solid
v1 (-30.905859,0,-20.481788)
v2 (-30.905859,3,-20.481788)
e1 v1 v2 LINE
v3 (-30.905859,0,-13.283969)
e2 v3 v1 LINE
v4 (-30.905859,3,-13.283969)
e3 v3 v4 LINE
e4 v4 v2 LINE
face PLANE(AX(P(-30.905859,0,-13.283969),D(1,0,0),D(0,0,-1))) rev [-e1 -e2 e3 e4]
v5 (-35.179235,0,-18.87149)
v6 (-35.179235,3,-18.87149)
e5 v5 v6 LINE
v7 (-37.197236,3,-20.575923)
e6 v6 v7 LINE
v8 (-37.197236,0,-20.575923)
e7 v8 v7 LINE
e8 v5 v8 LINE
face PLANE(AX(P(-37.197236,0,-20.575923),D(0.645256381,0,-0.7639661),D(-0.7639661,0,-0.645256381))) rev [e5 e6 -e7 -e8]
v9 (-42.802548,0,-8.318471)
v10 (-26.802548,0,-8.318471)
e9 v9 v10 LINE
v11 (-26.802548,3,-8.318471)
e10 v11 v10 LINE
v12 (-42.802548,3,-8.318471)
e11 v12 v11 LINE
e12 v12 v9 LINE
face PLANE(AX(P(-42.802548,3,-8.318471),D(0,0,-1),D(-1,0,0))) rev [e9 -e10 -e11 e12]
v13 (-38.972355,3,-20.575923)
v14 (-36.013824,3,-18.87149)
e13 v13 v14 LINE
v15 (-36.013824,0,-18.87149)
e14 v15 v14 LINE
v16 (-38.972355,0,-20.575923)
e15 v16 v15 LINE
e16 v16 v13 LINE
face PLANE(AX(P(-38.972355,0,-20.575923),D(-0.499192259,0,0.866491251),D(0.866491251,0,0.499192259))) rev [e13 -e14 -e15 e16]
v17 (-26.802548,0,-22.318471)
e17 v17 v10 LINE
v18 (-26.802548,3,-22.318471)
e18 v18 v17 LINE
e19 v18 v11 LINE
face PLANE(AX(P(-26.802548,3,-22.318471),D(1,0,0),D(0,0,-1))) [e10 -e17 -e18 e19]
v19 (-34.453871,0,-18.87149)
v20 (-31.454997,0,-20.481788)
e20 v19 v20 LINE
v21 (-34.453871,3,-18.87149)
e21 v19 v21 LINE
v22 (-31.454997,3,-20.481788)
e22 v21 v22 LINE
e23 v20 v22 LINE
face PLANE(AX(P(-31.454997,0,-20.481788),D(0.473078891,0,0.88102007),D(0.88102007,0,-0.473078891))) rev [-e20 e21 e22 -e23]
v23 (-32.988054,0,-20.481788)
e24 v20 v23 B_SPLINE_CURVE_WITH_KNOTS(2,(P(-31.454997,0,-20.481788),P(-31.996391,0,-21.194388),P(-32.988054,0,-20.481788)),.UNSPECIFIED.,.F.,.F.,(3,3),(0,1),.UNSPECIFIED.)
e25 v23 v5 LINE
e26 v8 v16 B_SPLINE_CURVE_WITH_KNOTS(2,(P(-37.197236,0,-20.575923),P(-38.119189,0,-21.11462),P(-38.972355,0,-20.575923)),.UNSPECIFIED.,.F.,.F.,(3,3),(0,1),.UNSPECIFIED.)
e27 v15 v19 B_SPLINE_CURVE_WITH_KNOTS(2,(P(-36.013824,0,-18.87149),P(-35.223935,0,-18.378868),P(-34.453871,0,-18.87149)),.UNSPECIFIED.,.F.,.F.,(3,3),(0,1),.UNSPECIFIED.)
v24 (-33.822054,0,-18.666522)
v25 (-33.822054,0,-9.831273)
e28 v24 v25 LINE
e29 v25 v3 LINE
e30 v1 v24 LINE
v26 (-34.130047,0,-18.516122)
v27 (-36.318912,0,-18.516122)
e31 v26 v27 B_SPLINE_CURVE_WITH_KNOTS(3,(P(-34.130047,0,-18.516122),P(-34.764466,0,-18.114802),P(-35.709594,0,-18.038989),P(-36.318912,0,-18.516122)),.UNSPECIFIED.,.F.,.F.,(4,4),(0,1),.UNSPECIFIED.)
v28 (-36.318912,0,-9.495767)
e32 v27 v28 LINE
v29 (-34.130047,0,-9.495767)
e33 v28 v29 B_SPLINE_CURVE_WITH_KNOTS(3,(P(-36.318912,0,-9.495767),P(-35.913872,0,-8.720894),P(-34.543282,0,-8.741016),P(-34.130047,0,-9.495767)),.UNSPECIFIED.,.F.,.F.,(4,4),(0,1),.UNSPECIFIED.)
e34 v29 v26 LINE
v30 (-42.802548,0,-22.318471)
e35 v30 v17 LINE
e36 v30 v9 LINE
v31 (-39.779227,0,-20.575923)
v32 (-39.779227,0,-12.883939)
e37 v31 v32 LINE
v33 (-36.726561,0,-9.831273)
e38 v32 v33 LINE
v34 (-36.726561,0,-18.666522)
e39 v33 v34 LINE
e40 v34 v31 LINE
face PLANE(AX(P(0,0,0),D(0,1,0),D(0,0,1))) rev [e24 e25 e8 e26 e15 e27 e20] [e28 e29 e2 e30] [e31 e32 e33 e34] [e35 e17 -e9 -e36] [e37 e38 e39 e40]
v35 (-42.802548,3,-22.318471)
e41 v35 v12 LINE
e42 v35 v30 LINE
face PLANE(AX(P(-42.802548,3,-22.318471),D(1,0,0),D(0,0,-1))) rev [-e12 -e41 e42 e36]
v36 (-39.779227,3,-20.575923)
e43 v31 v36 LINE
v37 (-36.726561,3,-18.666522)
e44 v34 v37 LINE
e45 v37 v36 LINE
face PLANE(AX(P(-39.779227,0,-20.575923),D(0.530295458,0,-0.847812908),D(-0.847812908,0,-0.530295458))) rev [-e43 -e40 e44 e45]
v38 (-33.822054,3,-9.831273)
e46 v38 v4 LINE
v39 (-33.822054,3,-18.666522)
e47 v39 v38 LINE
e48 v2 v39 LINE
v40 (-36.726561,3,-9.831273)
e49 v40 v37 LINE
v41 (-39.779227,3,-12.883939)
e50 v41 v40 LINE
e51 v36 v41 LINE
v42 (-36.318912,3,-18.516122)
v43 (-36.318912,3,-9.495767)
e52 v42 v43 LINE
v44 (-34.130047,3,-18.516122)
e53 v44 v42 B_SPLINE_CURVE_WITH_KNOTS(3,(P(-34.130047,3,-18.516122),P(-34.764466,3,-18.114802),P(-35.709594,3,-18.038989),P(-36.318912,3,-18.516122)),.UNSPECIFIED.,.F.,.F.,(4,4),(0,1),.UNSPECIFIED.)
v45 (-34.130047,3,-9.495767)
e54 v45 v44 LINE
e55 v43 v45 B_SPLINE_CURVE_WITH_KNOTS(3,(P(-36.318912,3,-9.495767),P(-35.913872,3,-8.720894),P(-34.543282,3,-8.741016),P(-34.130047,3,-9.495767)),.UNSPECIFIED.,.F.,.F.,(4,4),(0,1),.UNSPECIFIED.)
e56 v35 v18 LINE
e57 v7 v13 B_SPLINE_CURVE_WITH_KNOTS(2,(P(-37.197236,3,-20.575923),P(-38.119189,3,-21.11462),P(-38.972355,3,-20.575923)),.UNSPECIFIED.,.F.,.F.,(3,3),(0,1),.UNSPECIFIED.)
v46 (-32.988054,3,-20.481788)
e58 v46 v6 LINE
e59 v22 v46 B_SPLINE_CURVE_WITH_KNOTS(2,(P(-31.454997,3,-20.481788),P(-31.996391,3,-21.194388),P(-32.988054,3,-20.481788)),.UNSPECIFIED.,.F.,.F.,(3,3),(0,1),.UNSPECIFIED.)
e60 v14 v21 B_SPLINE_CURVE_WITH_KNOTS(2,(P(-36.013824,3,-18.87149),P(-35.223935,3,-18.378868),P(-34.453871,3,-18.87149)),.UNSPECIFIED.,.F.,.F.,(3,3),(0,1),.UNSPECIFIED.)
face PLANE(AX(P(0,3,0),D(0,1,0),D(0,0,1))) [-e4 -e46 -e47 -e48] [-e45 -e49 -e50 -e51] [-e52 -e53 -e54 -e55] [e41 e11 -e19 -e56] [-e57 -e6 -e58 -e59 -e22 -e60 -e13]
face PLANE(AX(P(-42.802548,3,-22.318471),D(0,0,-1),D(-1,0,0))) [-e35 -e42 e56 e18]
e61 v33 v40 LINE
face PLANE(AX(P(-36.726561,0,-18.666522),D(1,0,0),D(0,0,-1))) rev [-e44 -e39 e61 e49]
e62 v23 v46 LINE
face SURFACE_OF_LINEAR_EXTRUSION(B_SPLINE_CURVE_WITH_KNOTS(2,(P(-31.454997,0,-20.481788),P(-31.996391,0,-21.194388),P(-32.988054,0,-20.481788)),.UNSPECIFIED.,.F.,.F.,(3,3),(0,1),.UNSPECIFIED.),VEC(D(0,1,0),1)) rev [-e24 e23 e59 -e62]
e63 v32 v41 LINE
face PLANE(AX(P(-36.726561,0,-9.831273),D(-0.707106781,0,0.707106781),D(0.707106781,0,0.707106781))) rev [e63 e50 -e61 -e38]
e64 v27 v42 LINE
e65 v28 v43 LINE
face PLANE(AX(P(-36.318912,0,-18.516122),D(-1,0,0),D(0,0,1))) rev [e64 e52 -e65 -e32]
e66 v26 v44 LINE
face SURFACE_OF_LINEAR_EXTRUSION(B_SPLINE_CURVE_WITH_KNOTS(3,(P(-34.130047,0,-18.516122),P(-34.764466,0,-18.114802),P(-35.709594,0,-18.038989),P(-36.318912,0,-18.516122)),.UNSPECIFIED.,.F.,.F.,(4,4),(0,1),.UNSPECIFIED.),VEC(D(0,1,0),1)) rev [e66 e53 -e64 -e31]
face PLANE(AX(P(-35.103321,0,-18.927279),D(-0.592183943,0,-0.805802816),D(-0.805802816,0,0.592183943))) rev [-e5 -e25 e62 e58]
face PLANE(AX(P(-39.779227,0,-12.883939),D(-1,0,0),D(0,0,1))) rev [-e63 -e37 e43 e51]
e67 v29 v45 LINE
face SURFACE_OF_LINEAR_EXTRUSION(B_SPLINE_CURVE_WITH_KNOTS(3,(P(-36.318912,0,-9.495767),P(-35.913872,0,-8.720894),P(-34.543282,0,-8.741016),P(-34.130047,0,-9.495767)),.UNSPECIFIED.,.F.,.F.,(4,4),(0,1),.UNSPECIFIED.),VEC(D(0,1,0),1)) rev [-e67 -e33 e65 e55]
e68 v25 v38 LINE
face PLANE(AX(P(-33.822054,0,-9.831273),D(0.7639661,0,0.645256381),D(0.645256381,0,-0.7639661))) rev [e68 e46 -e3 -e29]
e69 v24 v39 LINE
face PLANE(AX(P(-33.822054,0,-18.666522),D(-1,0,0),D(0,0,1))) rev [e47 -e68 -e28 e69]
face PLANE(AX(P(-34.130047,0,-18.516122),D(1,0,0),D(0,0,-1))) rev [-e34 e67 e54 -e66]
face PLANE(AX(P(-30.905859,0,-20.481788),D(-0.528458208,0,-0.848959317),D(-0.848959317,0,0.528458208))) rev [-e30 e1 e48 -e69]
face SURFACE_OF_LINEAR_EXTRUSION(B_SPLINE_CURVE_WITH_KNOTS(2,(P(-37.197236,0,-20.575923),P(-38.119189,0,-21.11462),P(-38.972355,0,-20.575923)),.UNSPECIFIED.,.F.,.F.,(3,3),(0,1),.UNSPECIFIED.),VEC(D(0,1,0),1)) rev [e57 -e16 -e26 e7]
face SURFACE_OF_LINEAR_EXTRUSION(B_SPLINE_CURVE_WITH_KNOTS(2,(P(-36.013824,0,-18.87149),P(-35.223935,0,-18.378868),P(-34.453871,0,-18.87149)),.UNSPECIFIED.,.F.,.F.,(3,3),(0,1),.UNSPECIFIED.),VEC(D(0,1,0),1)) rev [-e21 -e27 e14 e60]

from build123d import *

# Parameters (mm, degrees)
SKETCH2_W           = 16
SKETCH2_H           = 14
BOSS_EXTRUDE1_DEPTH = 3
CUT_EXTRUDE1_DEPTH  = 3


with BuildPart() as part:
    # Sketch2 → Boss-Extrude1 (new body)
    with BuildSketch(Plane(origin=(0, 0, 0), x_dir=(1, 0, 0), z_dir=(0, 1, 0))):
        with Locations((-34.802547771, 15.318471338)):
            Rectangle(SKETCH2_W, SKETCH2_H)
    extrude(amount=BOSS_EXTRUDE1_DEPTH)

    # Sketch4 → Cut-Extrude1 (cut)
    with BuildSketch(Plane(origin=(0, 3, 0), x_dir=(1, 0, 0), z_dir=(0, 1, 0))):
        with BuildLine():
            Line((-36.318911755, 18.516121759), (-36.318911755, 9.495766822))
            add(Edge.make_bspline(
                [(-36.318911755, 9.495766822), (-35.913871603, 8.720893634), (-34.543281821, 8.741015584), (-34.130046647, 9.495766822)],
                knots=[0, 0, 0, 0, 1, 1, 1, 1], degree=3))
            Line((-34.130046647, 9.495766822), (-34.130046647, 18.516121759))
            add(Edge.make_bspline(
                [(-36.318911755, 18.516121759), (-35.70959357, 18.038988867), (-34.764466339, 18.114801672), (-34.130046647, 18.516121759)],
                knots=[0, 0, 0, 0, 1, 1, 1, 1], degree=3))
        make_face()
        Polygon((-33.822053837, 18.666521758), (-33.822053837, 9.831273412), (-30.905859423, 13.283968712), (-30.905859423, 20.48178763), align=None)
        Polygon((-36.726560822, 18.666521758), (-36.726560822, 9.831273412), (-39.779226537, 12.883939127), (-39.779226537, 20.575922696), align=None)
        with BuildLine():
            Line((-37.197236152, 20.575922696), (-35.179234522, 18.871490486))
            Line((-35.179234522, 18.871490486), (-35.103321149, 18.927279173))
            Line((-35.103321149, 18.927279173), (-32.988053911, 20.48178763))
            add(Edge.make_bspline(
                [(-32.988053911, 20.48178763), (-31.996391296, 21.194388002), (-31.454997121, 20.48178763)],
                knots=[0, 0, 0, 1, 1, 1], degree=2))
            Line((-31.454997121, 20.48178763), (-34.453871369, 18.871490486))
            add(Edge.make_bspline(
                [(-36.013823893, 18.871490486), (-35.223935459, 18.378867512), (-34.453871369, 18.871490486)],
                knots=[0, 0, 0, 1, 1, 1], degree=2))
            Line((-36.013823893, 18.871490486), (-38.972354542, 20.575922696))
            add(Edge.make_bspline(
                [(-38.972354542, 20.575922696), (-38.119189313, 21.114619825), (-37.197236152, 20.575922696)],
                knots=[0, 0, 0, 1, 1, 1], degree=2))
        make_face()
    extrude(amount=-CUT_EXTRUDE1_DEPTH, mode=Mode.SUBTRACT)


solid = part.part
